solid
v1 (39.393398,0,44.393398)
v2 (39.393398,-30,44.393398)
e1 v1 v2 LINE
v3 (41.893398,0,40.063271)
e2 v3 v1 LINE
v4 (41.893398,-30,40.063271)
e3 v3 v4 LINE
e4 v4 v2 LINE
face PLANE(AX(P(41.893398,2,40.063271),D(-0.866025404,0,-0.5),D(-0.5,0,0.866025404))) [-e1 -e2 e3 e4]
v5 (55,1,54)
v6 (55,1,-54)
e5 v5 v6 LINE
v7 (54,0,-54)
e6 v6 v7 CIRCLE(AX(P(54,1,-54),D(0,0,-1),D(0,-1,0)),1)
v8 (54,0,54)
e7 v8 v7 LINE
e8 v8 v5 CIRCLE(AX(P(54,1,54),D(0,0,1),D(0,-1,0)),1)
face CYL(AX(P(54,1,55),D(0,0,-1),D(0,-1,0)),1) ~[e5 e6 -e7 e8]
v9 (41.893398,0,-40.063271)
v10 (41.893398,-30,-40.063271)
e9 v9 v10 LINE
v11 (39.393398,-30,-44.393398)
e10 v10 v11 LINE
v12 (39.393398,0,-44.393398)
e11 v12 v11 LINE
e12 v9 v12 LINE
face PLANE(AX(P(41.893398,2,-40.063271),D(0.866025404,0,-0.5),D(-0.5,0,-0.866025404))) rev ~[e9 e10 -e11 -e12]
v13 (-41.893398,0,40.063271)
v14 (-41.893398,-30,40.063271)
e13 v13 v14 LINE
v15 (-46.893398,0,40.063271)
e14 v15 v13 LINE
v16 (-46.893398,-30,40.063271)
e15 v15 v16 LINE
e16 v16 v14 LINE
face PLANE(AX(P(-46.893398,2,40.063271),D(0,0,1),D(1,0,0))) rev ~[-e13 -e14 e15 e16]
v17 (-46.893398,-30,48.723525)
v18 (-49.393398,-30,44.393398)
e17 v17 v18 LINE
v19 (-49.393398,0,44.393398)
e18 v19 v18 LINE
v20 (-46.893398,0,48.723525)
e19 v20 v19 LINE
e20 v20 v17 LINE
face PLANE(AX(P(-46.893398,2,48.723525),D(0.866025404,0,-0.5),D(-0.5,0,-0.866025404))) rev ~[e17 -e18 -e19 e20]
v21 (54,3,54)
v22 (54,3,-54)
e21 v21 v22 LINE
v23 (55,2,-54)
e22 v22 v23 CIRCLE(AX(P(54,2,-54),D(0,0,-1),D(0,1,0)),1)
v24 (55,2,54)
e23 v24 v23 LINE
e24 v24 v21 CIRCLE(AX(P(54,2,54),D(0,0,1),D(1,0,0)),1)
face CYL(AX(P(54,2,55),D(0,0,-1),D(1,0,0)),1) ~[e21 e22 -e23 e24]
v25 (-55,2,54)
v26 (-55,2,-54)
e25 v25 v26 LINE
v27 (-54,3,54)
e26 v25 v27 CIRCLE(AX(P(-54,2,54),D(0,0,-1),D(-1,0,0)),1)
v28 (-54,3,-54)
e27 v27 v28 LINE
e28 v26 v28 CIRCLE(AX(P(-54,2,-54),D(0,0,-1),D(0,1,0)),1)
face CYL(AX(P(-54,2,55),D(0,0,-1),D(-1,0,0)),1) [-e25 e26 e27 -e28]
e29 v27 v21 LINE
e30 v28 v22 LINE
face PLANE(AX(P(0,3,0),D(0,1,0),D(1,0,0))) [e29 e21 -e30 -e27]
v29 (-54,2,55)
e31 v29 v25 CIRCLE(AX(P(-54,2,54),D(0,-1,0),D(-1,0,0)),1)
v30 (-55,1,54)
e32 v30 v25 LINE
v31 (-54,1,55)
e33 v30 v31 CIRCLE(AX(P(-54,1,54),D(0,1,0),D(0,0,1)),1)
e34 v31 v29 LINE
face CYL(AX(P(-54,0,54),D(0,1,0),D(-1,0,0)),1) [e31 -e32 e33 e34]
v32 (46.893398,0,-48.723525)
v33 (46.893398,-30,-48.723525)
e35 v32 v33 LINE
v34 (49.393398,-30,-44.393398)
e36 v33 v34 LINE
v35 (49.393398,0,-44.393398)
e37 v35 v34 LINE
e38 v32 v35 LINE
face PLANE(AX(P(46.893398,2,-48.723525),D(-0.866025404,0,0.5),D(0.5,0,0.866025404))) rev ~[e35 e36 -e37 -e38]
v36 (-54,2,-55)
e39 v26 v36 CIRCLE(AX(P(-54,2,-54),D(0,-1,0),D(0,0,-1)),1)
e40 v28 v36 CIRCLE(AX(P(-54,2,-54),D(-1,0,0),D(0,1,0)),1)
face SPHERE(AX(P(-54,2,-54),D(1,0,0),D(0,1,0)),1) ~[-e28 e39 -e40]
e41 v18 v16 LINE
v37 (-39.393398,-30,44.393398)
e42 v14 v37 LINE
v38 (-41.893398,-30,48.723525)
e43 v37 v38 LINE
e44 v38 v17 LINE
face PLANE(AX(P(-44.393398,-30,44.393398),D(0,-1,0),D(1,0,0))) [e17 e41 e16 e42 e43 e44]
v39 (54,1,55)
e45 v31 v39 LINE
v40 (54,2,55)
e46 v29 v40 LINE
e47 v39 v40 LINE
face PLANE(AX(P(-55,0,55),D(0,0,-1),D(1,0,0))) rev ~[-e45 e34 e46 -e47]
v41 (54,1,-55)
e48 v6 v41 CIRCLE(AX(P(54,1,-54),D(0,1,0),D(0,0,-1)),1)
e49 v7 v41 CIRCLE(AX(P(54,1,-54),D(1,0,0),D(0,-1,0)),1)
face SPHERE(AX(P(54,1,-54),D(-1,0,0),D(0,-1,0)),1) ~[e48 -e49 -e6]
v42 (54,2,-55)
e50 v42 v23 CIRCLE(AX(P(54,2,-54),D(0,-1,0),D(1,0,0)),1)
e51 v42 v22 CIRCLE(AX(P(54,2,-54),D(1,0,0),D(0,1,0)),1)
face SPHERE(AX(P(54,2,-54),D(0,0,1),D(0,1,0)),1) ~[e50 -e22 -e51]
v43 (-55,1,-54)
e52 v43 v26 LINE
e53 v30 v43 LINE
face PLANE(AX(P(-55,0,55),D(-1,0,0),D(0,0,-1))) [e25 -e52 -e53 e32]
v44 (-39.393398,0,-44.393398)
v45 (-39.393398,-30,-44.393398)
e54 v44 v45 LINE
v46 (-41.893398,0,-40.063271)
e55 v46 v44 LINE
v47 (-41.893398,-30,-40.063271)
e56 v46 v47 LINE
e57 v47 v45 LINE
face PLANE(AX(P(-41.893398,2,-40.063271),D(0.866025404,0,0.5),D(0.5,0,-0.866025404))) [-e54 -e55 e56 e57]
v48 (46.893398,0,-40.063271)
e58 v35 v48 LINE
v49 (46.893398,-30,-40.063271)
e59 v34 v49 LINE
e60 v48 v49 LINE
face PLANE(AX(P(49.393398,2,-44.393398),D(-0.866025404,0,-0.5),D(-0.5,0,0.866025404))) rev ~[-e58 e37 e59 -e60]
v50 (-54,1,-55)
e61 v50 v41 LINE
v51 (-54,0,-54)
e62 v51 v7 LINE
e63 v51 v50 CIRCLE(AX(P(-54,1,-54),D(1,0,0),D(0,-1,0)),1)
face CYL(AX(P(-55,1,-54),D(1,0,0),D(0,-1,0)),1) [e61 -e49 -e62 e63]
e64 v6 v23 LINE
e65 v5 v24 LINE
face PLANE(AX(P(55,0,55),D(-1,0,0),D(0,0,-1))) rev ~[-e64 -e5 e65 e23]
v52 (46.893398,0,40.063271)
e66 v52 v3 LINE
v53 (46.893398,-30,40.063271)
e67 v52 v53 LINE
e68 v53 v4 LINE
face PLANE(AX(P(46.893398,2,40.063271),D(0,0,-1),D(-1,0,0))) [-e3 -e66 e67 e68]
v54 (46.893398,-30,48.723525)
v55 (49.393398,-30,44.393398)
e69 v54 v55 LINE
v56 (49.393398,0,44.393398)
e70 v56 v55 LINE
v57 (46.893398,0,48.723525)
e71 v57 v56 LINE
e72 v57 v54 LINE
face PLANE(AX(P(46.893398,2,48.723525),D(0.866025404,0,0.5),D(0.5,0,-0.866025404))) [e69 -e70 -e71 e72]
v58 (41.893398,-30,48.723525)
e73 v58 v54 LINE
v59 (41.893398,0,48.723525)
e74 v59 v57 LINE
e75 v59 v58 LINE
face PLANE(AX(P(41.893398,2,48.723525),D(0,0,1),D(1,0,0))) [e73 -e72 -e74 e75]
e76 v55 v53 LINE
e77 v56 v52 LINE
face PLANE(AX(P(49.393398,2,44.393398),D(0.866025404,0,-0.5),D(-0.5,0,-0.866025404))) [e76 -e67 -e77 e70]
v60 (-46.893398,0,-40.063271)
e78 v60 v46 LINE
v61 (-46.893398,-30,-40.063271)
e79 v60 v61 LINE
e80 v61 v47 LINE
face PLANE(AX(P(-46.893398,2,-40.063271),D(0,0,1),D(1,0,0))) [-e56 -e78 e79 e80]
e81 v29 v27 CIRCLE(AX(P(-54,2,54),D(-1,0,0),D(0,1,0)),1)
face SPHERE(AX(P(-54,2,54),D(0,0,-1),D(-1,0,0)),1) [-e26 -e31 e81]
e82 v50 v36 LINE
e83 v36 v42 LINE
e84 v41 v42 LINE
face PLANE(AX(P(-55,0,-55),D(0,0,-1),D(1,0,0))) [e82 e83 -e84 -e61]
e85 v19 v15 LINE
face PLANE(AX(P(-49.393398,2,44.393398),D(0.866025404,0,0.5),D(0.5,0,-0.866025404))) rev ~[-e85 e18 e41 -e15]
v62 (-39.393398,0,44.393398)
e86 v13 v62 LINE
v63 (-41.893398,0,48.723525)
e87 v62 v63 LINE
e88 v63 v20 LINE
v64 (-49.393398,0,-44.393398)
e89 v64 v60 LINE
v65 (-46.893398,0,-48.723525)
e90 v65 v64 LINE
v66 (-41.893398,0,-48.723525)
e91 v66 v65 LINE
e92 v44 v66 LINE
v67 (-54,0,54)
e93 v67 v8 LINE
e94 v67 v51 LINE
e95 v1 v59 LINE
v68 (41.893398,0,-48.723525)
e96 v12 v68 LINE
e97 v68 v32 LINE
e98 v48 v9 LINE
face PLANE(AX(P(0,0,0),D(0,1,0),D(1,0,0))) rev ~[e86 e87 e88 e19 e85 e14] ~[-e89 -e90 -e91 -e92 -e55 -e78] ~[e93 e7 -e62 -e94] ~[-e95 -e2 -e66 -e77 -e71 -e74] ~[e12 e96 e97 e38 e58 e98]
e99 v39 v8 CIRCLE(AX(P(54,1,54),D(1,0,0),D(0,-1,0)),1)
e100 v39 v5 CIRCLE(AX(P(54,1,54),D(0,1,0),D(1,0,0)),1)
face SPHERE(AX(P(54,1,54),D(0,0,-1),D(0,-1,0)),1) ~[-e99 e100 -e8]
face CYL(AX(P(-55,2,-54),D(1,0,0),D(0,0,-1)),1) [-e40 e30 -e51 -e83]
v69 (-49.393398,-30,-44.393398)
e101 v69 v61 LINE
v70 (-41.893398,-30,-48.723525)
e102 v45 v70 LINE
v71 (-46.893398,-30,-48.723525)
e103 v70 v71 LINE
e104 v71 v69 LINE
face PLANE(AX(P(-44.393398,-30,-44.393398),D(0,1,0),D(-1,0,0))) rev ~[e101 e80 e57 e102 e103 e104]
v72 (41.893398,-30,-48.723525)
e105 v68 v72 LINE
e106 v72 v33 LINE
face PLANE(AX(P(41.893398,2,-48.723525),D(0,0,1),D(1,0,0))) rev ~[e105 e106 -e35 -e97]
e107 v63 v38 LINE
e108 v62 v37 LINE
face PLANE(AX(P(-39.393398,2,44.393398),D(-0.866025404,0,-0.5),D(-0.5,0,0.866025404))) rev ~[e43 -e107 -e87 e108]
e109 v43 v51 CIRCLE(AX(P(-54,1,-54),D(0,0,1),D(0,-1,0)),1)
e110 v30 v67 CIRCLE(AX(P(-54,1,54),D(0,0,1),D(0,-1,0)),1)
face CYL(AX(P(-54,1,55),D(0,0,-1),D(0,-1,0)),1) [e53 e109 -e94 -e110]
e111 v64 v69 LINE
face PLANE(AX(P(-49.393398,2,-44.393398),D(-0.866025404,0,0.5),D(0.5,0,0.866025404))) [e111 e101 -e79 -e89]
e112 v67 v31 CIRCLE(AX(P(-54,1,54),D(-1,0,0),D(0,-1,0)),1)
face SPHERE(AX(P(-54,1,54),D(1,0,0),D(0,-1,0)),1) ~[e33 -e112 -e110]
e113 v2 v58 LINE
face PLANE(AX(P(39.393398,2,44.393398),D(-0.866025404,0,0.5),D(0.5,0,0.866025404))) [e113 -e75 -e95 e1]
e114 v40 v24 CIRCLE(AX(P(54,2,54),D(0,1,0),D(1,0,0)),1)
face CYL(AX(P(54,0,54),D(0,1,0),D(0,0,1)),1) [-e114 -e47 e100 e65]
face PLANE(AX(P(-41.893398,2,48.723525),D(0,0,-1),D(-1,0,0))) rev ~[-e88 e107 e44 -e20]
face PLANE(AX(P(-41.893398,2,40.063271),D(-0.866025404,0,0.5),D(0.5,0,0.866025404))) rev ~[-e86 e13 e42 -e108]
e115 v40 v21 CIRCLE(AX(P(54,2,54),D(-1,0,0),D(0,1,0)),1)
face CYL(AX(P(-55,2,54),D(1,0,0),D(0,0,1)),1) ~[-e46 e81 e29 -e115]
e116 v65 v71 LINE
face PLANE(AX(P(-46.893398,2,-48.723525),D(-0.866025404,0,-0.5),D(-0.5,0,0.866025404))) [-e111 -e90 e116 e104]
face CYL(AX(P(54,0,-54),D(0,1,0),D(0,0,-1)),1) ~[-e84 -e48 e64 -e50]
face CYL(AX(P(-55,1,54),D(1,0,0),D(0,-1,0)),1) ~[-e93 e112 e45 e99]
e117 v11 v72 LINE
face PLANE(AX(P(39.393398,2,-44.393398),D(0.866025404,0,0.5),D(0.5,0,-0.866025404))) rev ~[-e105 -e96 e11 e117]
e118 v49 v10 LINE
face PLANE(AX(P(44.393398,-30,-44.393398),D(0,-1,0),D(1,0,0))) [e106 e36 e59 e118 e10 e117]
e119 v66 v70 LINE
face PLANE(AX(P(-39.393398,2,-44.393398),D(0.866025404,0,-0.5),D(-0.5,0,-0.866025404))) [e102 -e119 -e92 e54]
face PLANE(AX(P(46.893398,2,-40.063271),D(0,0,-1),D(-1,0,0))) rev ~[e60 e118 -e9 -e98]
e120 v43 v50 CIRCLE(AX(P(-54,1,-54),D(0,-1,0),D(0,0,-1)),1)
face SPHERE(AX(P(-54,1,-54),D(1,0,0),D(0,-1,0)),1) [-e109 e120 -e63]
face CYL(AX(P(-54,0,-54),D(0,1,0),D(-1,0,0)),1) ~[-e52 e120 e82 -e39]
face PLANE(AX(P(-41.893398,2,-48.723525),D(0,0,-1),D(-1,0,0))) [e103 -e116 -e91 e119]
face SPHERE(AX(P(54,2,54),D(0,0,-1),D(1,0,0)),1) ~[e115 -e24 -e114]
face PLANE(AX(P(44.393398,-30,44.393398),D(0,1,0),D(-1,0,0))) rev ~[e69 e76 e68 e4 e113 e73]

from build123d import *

# Parameters (mm, degrees)
SKETCH1_W           = 110
SKETCH1_H           = 110
BOSS_EXTRUDE1_DEPTH = 3
BOSS_EXTRUDE2_START = -2
BOSS_EXTRUDE2_DEPTH = 32
FILLET2_R           = 1


with BuildPart() as part:
    # Sketch1 → Boss-Extrude1 (new body)
    with BuildSketch(Plane(origin=(0, 0, 0), x_dir=(1, 0, 0), z_dir=(0, 1, 0))):
        Rectangle(SKETCH1_W, SKETCH1_H)
    extrude(amount=BOSS_EXTRUDE1_DEPTH)

    # Sketch2 → Boss-Extrude2 (add)
    with BuildSketch(Plane.XZ.offset(BOSS_EXTRUDE2_START)):
        Polygon((-39.393398282, 44.393398282), (-41.893398282, 48.723525301), (-46.893398282, 48.723525301), (-49.393398282, 44.393398282), (-46.893398282, 40.063271263), (-41.893398282, 40.063271263), align=None)
        Polygon((41.893398282, 40.063271263), (39.393398282, 44.393398282), (41.893398282, 48.723525301), (46.893398282, 48.723525301), (49.393398282, 44.393398282), (46.893398282, 40.063271263), align=None)
        Polygon((39.393398282, -44.393398282), (41.893398282, -48.723525301), (46.893398282, -48.723525301), (49.393398282, -44.393398282), (46.893398282, -40.063271263), (41.893398282, -40.063271263), align=None)
        Polygon((-41.893398282, -40.063271263), (-39.393398282, -44.393398282), (-41.893398282, -48.723525301), (-46.893398282, -48.723525301), (-49.393398282, -44.393398282), (-46.893398282, -40.063271263), align=None)
    extrude(amount=BOSS_EXTRUDE2_DEPTH)

    # Fillet2
    fillet2_edges = [part.edges().sort_by_distance(p)[0] for p in [
        (55, 3, 0),
        (0, 3, -55),
        (-55, 3, 0),
        (0, 0, -55),
        (55, 0, 0),
        (0, 0, 55),
        (-55, 0, 0),
        (-55, 1.5, -55),
        (55, 1.5, -55),
        (55, 1.5, 55),
        (-55, 1.5, 55),
        (0, 3, 55),
    ]]
    fillet(fillet2_edges, radius=FILLET2_R)


solid = part.part
